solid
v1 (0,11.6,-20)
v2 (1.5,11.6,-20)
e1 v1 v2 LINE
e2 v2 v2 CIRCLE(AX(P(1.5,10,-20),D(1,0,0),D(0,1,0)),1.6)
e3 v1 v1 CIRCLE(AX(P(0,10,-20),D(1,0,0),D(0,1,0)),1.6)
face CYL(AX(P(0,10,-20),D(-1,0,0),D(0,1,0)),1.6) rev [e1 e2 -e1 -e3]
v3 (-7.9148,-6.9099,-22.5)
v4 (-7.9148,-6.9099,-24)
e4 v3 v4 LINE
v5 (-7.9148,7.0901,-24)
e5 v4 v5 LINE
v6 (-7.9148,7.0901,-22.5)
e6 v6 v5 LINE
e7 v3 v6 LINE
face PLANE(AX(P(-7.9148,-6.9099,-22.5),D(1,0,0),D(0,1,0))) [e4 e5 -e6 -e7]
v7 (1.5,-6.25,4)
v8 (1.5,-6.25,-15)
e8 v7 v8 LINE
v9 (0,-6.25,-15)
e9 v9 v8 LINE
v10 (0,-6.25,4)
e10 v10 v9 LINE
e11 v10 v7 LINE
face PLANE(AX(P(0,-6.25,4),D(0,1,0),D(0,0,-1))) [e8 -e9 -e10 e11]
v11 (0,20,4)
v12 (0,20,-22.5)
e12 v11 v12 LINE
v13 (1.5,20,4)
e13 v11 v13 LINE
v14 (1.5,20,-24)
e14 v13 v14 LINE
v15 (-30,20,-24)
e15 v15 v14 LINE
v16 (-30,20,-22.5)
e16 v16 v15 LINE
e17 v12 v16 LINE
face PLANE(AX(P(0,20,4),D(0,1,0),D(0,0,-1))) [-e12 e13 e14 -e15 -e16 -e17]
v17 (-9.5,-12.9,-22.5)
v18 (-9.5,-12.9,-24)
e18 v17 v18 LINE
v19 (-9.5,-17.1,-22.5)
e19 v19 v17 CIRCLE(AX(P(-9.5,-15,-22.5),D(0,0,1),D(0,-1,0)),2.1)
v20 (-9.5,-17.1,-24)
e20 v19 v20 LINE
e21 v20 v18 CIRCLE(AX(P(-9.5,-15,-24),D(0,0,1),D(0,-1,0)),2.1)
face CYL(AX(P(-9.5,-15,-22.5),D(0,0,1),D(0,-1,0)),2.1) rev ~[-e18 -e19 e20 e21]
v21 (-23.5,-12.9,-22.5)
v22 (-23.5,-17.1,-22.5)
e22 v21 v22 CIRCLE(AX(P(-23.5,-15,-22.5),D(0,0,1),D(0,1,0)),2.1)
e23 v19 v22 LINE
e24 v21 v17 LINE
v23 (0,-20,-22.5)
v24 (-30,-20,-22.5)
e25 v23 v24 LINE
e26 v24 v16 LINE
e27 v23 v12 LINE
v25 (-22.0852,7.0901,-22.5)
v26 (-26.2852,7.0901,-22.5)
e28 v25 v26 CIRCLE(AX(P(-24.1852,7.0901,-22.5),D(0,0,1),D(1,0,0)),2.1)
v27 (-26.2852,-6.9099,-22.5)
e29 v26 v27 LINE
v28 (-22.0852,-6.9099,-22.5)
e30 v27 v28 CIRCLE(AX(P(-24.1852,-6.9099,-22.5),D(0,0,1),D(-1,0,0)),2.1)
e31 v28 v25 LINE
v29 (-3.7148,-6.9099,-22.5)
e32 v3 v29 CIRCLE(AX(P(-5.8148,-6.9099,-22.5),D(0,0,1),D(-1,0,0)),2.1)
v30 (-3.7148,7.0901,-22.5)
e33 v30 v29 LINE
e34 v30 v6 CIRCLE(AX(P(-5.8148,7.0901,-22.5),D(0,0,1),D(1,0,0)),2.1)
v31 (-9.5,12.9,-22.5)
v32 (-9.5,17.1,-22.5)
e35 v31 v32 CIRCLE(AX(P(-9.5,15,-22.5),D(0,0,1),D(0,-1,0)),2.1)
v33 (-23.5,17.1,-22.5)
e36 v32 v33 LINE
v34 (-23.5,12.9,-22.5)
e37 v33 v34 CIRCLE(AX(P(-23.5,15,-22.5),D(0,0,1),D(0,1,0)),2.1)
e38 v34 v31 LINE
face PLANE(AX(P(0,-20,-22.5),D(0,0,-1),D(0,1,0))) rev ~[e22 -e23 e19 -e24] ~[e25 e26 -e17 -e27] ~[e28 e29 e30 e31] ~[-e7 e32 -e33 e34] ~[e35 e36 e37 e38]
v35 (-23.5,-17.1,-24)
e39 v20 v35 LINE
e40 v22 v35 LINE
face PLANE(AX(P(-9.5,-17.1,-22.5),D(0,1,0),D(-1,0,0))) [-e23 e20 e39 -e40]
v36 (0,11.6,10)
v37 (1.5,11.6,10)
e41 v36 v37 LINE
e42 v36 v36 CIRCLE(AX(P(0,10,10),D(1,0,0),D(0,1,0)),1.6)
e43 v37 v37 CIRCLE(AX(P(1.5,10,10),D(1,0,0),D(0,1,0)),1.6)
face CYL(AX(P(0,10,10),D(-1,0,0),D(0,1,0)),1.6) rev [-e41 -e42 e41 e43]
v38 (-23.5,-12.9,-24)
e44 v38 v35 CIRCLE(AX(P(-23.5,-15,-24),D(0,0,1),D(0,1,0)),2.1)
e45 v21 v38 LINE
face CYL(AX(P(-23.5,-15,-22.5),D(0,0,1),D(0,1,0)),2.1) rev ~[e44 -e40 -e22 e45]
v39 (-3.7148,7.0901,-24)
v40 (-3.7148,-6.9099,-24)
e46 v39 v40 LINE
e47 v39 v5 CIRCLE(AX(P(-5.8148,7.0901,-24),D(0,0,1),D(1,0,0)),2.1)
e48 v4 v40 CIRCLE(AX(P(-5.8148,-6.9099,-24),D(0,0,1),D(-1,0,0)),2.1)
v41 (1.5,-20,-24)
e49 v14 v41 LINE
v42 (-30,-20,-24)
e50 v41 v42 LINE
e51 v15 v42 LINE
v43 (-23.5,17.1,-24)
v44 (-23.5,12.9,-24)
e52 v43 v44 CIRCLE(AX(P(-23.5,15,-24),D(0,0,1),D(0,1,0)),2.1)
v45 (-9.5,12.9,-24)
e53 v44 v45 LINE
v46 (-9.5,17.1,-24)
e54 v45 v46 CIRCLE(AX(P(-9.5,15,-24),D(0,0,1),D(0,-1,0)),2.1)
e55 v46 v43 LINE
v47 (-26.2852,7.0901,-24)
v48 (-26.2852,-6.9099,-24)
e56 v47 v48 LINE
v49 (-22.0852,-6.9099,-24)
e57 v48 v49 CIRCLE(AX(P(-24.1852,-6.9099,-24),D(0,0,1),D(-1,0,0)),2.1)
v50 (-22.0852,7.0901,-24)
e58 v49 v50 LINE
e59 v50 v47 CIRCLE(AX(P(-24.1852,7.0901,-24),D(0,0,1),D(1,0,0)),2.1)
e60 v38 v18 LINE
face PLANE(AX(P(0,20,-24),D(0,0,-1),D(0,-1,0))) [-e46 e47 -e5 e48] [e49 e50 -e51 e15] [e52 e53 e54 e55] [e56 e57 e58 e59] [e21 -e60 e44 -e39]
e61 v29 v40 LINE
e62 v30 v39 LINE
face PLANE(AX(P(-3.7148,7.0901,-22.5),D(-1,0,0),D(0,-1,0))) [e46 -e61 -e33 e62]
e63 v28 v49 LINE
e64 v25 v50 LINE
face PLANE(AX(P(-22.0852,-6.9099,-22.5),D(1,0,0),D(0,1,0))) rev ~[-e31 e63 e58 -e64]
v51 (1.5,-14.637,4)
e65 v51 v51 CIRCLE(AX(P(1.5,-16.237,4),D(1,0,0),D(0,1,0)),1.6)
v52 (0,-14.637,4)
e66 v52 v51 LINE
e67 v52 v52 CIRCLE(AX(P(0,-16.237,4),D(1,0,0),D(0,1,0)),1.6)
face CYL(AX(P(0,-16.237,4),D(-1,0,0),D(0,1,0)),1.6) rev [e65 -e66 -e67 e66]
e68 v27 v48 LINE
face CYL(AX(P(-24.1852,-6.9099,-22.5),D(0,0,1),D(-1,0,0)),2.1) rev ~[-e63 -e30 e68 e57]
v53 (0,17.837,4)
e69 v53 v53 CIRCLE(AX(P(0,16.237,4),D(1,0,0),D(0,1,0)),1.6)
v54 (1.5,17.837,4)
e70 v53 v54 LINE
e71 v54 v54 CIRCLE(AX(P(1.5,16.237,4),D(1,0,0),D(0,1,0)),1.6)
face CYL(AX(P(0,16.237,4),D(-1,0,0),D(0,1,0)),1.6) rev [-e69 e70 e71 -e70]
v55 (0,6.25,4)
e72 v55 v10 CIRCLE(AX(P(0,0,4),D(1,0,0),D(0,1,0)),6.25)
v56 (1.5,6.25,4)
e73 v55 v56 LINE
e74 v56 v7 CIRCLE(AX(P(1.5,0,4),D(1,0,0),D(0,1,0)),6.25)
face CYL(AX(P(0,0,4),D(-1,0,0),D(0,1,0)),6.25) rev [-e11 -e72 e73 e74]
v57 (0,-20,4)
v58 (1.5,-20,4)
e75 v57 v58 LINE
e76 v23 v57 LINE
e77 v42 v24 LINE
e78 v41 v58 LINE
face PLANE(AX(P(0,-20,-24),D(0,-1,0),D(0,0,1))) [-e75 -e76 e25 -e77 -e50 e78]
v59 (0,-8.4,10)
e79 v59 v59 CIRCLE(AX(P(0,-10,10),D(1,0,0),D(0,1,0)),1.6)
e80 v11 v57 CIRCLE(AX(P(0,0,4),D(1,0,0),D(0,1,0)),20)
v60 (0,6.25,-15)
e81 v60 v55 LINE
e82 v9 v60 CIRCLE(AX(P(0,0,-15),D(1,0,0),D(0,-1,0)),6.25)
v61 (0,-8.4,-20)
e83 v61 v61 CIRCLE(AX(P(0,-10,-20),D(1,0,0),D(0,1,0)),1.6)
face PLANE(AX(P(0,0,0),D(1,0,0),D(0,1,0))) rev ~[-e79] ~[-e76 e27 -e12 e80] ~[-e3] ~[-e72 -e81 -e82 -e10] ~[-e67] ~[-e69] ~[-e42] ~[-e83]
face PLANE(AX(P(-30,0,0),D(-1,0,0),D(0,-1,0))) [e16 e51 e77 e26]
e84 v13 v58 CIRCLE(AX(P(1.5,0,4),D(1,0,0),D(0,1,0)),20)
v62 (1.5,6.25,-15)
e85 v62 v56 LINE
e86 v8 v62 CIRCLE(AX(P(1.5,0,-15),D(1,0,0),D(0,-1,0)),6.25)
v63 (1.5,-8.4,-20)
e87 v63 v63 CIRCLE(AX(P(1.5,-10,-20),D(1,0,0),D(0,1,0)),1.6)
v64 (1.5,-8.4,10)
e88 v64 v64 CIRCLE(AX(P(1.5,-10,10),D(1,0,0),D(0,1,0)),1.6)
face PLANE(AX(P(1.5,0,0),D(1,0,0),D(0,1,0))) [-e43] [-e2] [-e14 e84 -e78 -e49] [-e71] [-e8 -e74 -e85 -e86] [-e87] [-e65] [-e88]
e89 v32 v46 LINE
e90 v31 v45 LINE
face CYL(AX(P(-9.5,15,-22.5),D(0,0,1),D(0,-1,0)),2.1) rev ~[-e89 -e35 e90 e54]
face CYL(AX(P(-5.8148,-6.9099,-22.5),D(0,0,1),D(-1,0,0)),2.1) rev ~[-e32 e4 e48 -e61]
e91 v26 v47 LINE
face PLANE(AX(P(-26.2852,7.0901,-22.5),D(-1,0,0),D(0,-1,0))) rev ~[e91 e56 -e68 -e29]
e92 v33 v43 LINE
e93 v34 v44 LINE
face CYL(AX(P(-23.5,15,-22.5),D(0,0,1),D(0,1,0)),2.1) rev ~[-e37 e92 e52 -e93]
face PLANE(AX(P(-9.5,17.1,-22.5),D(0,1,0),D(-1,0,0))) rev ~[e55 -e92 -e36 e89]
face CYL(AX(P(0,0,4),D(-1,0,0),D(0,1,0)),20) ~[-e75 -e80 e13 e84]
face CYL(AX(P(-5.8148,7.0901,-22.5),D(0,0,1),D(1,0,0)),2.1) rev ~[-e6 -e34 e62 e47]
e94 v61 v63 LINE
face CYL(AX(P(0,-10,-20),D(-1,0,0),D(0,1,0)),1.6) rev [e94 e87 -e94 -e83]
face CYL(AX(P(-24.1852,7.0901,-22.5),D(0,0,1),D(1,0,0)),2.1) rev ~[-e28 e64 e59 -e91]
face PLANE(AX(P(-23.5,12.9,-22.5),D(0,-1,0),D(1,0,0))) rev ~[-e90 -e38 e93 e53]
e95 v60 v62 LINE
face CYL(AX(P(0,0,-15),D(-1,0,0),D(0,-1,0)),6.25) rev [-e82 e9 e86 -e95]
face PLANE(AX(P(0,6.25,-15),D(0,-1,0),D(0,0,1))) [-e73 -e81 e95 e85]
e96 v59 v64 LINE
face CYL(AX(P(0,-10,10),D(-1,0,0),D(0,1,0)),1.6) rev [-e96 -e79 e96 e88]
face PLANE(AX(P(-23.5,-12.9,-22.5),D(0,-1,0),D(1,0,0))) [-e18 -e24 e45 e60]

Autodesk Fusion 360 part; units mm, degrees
sketch "Sketch1" plane through (0, 0, 0) normal (1, 0, 0) x (0, 1, 0)
  line L0 (20, -24) -> (-20, -24)
  line L1 (-20, -24) -> (-20, 4)
  line L2 (20, 4) -> (20, -24)
  arc A0 (20, 4) -> (-20, 4) centre (0, 4) ccw
  line L3 (-6.25, 4) -> (-6.25, -15)
  arc A1 (-6.25, -15) -> (6.25, -15) centre (0, -15) ccw
  line L4 (6.25, -15) -> (6.25, 4)
  arc A2 (6.25, 4) -> (-6.25, 4) centre (0, 4) ccw
  line L5 (0, 4) -> (0, -15) construction
  circle A3 centre (-16.237, 4) radius 1.6
  circle A4 centre (-10, -20) radius 1.6
  circle A5 centre (10, -20) radius 1.6
  circle A6 centre (-10, 10) radius 1.6
  circle A7 centre (10, 10) radius 1.6
  circle A8 centre (16.237, 4) radius 1.6
  dimension "d4" = 12.5
  dimension "d5" = 3.2
  dimension "d6" = 3.2
  dimension "d9" = 20
  dimension "d10" = 30
extrude "Extrude1" add sketch "Sketch1" along normal blind 1.5
sketch "Sketch2" plane through (0, 0, 0) normal (-1, 0, 0) x (0, -1, 0)
  circle A0 centre (10, 10) radius 1.6
  circle A1 centre (-10, 10) radius 1.6
  circle A2 centre (-16.237, 4) radius 1.6
  circle A3 centre (10, -20) radius 1.6
  circle A4 centre (-10, -20) radius 1.6
  circle A5 centre (16.237, 4) radius 1.6
  arc A6 (6.25, 4) -> (-6.25, 4) centre (0, 4) ccw
  line L0 (6.25, 4) -> (6.25, -15)
  arc A7 (-6.25, -15) -> (6.25, -15) centre (0, -15) ccw
  line L1 (-6.25, -15) -> (-6.25, 4)
  line L2 (-20, 4) -> (-20, -24)
  line L3 (-20, -24) -> (20, -24)
  line L4 (20, -24) -> (20, 4)
  arc A8 (20, 4) -> (-20, 4) centre (0, 4) ccw
  line L5 (-20, -24) -> (20, -24)
  line L6 (20, -24) -> (20, -22.5)
  line L7 (20, -22.5) -> (-20, -22.5)
  line L8 (-20, -22.5) -> (-20, -24)
  dimension "d13" = 1.5
extrude "Extrude2" add sketch "Sketch2" along normal blind 30 contours L2 L3 L4 L5 L6 L7 L8
sketch "Sketch3" plane through (0, 0, -22.5) normal (0, 0, 1) x (-1, 0, 0)
  line L0 (0, 20) -> (0, -20)
  line L1 (0, -20) -> (30, -20)
  line L2 (30, -20) -> (30, 20)
  line L3 (30, 20) -> (0, 20)
sketch "Sketch4" plane through (0, 0, -22.5) normal (0, 0, 1) x (1, 0, 0)
  line L0 (-23.5, 12.9) -> (-9.5, 12.9)
  arc A0 (-9.5, 12.9) -> (-9.5, 17.1) centre (-9.5, 15) ccw
  line L1 (-9.5, 17.1) -> (-23.5, 17.1)
  arc A1 (-23.5, 17.1) -> (-23.5, 12.9) centre (-23.5, 15) ccw
  line L2 (-23.5, 15) -> (-9.5, 15) construction
  line L3 (-23.5, -12.9) -> (-9.5, -12.9)
  arc A2 (-23.5, -12.9) -> (-23.5, -17.1) centre (-23.5, -15) ccw
  line L4 (-9.5, -17.1) -> (-23.5, -17.1)
  arc A3 (-9.5, -17.1) -> (-9.5, -12.9) centre (-9.5, -15) ccw
  line L5 (-26.2852, 7.0901) -> (-26.2852, -6.9099)
  arc A4 (-26.2852, -6.9099) -> (-22.0852, -6.9099) centre (-24.1852, -6.9099) ccw
  line L6 (-22.0852, -6.9099) -> (-22.0852, 7.0901)
  arc A5 (-22.0852, 7.0901) -> (-26.2852, 7.0901) centre (-24.1852, 7.0901) ccw
  line L7 (-24.1852, 7.0901) -> (-24.1852, -6.9099) construction
  line L8 (-7.9148, -6.9099) -> (-7.9148, 7.0901)
  arc A6 (-3.7148, 7.0901) -> (-7.9148, 7.0901) centre (-5.8148, 7.0901) ccw
  line L9 (-3.7148, 7.0901) -> (-3.7148, -6.9099)
  arc A7 (-7.9148, -6.9099) -> (-3.7148, -6.9099) centre (-5.8148, -6.9099) ccw
  dimension "d17" = 14
  dimension "d18" = 4.2
  dimension "d19" = 4.2
extrude "Extrude3" cut sketch "Sketch4" against normal blind 1.5
